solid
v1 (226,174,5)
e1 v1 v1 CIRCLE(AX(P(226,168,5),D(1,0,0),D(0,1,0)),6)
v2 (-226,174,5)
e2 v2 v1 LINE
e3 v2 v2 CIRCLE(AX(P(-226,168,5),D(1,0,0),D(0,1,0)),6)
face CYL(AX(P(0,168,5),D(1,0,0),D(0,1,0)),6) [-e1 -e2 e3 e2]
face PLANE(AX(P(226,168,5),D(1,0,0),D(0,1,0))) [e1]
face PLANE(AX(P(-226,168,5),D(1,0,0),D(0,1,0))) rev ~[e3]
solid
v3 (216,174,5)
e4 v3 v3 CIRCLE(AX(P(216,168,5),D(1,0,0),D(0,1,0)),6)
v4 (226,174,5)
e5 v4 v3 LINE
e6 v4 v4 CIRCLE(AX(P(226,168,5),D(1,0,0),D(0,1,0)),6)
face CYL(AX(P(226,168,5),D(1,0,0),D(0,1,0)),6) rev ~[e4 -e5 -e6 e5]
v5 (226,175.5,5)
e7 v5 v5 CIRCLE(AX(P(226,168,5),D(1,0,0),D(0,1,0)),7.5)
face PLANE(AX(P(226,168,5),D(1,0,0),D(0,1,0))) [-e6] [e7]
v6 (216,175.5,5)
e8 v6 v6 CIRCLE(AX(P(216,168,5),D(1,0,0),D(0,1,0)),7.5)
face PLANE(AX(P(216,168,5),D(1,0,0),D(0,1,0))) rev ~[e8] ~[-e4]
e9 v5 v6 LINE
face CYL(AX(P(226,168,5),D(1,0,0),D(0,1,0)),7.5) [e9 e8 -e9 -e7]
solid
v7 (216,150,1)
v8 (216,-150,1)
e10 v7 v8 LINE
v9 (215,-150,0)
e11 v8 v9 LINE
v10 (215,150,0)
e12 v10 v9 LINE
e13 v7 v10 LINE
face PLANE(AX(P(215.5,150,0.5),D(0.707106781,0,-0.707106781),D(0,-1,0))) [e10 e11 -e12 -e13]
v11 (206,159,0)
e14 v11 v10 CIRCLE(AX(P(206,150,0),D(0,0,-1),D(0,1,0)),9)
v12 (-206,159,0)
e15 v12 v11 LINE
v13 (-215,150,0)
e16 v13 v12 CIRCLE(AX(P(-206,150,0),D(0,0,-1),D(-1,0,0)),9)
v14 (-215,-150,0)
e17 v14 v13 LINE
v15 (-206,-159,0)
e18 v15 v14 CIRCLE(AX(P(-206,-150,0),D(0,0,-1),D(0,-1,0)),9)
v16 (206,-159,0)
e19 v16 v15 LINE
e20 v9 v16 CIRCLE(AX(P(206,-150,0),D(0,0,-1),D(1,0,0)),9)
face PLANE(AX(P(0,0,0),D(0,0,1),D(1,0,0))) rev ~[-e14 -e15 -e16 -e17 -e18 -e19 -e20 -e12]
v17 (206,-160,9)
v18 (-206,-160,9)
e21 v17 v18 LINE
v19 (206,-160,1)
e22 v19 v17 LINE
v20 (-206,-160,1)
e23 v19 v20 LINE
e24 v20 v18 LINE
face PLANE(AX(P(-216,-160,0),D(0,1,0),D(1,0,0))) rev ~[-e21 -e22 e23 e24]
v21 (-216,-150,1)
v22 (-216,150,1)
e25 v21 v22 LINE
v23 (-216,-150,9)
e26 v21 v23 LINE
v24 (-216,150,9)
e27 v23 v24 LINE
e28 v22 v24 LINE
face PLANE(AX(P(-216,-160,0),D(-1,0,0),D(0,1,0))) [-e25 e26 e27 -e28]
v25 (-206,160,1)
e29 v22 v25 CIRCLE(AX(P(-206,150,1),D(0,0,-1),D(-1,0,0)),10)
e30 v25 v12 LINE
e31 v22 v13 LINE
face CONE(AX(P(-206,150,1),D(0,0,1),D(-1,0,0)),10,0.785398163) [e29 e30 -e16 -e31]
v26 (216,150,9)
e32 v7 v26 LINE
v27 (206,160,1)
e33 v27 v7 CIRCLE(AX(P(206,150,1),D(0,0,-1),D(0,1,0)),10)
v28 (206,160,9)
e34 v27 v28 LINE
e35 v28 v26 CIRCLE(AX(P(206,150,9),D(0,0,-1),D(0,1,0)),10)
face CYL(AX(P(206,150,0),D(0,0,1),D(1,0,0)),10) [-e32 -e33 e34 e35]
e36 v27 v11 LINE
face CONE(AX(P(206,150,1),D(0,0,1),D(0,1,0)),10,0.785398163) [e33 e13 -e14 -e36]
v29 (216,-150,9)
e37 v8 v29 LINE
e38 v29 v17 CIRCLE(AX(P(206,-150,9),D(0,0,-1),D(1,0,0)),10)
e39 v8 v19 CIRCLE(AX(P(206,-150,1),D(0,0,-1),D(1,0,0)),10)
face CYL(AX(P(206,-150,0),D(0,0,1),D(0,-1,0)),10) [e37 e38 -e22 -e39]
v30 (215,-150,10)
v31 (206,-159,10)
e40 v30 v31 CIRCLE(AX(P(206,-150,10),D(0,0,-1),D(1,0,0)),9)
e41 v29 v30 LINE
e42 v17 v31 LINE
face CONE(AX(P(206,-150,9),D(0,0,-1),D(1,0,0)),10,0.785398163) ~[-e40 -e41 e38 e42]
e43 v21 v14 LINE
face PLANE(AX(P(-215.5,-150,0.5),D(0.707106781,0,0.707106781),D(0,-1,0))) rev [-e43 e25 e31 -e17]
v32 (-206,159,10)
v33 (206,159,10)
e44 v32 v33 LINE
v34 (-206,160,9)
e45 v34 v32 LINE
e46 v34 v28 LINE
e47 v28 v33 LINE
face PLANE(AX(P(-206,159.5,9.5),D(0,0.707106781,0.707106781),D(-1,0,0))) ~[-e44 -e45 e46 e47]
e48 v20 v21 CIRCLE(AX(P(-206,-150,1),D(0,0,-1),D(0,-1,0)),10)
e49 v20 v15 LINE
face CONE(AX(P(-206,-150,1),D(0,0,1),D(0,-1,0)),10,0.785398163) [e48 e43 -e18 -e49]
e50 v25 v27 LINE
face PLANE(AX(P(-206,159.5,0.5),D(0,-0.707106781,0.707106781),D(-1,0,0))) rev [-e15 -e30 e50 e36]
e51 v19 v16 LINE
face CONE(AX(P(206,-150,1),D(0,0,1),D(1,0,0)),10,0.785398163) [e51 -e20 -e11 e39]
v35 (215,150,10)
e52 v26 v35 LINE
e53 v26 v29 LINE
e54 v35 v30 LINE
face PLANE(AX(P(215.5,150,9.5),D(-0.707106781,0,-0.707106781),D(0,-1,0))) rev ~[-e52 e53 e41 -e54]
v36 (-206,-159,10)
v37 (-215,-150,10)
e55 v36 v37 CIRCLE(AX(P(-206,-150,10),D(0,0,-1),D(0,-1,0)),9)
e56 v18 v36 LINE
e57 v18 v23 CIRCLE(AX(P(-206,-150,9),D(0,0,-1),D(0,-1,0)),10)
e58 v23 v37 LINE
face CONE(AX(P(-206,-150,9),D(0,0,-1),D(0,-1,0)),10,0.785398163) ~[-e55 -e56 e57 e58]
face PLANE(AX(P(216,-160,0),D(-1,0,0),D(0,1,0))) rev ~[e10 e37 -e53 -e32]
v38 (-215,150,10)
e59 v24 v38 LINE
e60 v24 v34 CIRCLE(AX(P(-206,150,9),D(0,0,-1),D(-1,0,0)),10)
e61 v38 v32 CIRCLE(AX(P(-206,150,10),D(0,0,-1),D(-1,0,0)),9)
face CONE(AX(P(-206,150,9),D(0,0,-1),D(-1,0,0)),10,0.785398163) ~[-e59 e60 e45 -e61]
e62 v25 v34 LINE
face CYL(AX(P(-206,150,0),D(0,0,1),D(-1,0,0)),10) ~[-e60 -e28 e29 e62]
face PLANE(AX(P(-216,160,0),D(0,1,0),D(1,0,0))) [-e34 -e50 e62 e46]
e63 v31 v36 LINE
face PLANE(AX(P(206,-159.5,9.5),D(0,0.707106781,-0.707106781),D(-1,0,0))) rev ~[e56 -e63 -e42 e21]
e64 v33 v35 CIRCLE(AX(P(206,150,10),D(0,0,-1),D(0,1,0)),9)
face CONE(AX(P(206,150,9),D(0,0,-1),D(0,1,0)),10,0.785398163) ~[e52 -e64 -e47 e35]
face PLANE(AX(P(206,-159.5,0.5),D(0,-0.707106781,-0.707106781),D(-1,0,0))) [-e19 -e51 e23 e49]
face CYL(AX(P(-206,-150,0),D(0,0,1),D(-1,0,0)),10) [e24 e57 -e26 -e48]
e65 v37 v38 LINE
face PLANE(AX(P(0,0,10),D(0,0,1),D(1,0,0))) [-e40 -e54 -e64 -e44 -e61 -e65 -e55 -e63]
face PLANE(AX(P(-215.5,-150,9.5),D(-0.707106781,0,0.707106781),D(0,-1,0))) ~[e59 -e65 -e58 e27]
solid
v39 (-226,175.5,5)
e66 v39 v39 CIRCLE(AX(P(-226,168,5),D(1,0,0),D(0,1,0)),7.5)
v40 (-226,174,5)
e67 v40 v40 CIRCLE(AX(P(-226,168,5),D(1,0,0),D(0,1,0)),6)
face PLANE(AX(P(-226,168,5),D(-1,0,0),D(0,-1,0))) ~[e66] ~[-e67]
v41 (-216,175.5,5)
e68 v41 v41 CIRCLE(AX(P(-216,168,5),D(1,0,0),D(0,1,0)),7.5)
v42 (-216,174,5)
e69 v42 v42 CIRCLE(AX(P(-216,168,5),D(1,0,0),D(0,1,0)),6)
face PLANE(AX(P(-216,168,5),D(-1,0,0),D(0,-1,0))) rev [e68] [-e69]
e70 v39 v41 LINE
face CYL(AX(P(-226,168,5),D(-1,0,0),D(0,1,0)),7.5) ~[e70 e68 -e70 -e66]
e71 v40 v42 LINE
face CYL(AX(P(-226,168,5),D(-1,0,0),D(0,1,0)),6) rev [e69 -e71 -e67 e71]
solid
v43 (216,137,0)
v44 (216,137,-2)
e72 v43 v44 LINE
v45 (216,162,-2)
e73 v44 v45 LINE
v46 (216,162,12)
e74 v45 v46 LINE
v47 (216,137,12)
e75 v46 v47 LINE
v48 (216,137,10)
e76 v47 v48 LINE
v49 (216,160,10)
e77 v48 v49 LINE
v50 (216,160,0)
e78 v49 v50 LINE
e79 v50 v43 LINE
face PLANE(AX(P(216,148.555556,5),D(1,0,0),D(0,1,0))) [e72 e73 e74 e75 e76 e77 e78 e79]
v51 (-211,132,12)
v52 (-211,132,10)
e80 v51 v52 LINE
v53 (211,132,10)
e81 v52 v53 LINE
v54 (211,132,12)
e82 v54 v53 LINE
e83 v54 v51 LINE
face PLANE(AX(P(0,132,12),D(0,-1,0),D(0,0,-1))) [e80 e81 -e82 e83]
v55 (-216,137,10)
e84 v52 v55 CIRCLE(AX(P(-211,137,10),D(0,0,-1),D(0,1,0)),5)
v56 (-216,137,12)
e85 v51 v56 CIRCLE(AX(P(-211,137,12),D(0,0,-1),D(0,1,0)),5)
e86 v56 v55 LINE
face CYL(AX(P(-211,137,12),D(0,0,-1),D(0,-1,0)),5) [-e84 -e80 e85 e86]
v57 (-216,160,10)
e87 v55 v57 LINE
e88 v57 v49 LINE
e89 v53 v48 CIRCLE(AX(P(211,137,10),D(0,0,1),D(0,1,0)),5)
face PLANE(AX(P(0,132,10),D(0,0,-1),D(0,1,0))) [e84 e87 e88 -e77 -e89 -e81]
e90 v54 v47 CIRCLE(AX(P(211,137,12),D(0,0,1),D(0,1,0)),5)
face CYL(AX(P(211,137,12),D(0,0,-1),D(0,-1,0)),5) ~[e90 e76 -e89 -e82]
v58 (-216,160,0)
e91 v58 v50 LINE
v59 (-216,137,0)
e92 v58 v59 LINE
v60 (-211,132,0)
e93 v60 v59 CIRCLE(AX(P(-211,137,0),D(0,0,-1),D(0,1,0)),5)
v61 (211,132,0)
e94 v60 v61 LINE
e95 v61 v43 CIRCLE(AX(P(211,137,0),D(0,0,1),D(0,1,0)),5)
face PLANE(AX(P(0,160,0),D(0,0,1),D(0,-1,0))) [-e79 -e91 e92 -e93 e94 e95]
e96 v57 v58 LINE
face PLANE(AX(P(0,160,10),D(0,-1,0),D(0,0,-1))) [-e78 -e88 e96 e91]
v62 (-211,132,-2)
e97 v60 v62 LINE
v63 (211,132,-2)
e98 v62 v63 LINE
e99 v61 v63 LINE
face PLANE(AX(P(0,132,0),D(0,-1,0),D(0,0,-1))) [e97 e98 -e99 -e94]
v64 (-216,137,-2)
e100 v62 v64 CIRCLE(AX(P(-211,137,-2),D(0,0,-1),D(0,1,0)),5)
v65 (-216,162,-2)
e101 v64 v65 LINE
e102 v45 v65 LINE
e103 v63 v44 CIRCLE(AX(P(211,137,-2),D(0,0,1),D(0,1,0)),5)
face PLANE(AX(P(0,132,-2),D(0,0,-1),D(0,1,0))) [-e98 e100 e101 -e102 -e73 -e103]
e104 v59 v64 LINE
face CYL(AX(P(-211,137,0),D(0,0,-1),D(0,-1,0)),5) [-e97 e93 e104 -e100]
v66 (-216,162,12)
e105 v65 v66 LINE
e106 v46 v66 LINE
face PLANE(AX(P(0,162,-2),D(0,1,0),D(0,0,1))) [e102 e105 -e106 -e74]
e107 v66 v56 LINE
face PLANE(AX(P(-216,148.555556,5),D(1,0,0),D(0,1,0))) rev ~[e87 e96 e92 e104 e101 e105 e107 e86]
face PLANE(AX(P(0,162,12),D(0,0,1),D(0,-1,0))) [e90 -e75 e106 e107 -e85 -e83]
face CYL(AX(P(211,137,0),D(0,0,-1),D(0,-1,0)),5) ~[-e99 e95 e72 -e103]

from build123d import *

# Parameters (mm, degrees)
F0_W     = 432
F0_H     = 320
F1_DEPTH = 10
F2_R     = 10
F4_DEPTH = 216
F5_R     = 6
F6_DEPTH = 226
F7_R     = 7.5
F7_R_2   = 6
F8_DEPTH = 10
F10_SIZE = 1
F11_R    = 5


with BuildPart() as f1:
    # F0 (on Top) → F1 (new body)
    with BuildSketch(Plane.XY):
        Rectangle(F0_W, F0_H)
    extrude(amount=F1_DEPTH)

    # F2
    f2_edges = [f1.edges().sort_by_distance(p)[0] for p in [
        (216, -160, 5),
        (-216, -160, 5),
        (216, 160, 5),
        (-216, 160, 5),
    ]]
    fillet(f2_edges, radius=F2_R)

    # F10
    f10_edges = [f1.edges().sort_by_distance(p)[0] for p in [
        (-216, 0, 10),
        (-213.071068, 157.071068, 10),
        (-213.071068, -157.071068, 10),
        (0, 160, 10),
        (0, -160, 10),
        (213.071068, 157.071068, 10),
        (213.071068, -157.071068, 10),
        (216, 0, 10),
        (-216, 0, 0),
        (-213.071068, 157.071068, 0),
        (-213.071068, -157.071068, 0),
        (0, 160, 0),
        (0, -160, 0),
        (213.071068, 157.071068, 0),
        (213.071068, -157.071068, 0),
        (216, 0, 0),
    ]]
    chamfer(f10_edges, length=F10_SIZE)


with BuildPart() as f4:
    # F3 (on Right) → F4 (new body, symmetric)
    with BuildSketch(Plane.YZ):
        Polygon((132, 12), (132, 10), (160, 10), (160, 0), (132, 0), (132, -2), (162, -2), (162, 12), align=None)
    extrude(amount=F4_DEPTH, both=True)

    # F11
    f11_edges = [f4.edges().sort_by_distance(p)[0] for p in [
        (-216, 132, 11),
        (-216, 132, -1),
        (216, 132, 11),
        (216, 132, -1),
    ]]
    fillet(f11_edges, radius=F11_R)


with BuildPart() as f6:
    # F5 (on Right) → F6 (new body, symmetric)
    with BuildSketch(Plane.YZ):
        with Locations((168, 5)):
            Circle(F5_R)
    extrude(amount=F6_DEPTH, both=True)


with BuildPart() as f8:
    # F7 (on face) → F8 (new body)
    with BuildSketch(Plane.YZ.offset(226)):
        with Locations((168, 5)):
            Circle(F7_R)
        with Locations((168, 5)):
            Circle(F7_R_2, mode=Mode.SUBTRACT)
    extrude(amount=-F8_DEPTH)


with BuildPart() as f9_1:
    # F9: instance of F8
    add(f8.part.mirror(Plane.YZ))


solid = Compound([f1.part, f4.part, f6.part, f8.part, f9_1.part])
